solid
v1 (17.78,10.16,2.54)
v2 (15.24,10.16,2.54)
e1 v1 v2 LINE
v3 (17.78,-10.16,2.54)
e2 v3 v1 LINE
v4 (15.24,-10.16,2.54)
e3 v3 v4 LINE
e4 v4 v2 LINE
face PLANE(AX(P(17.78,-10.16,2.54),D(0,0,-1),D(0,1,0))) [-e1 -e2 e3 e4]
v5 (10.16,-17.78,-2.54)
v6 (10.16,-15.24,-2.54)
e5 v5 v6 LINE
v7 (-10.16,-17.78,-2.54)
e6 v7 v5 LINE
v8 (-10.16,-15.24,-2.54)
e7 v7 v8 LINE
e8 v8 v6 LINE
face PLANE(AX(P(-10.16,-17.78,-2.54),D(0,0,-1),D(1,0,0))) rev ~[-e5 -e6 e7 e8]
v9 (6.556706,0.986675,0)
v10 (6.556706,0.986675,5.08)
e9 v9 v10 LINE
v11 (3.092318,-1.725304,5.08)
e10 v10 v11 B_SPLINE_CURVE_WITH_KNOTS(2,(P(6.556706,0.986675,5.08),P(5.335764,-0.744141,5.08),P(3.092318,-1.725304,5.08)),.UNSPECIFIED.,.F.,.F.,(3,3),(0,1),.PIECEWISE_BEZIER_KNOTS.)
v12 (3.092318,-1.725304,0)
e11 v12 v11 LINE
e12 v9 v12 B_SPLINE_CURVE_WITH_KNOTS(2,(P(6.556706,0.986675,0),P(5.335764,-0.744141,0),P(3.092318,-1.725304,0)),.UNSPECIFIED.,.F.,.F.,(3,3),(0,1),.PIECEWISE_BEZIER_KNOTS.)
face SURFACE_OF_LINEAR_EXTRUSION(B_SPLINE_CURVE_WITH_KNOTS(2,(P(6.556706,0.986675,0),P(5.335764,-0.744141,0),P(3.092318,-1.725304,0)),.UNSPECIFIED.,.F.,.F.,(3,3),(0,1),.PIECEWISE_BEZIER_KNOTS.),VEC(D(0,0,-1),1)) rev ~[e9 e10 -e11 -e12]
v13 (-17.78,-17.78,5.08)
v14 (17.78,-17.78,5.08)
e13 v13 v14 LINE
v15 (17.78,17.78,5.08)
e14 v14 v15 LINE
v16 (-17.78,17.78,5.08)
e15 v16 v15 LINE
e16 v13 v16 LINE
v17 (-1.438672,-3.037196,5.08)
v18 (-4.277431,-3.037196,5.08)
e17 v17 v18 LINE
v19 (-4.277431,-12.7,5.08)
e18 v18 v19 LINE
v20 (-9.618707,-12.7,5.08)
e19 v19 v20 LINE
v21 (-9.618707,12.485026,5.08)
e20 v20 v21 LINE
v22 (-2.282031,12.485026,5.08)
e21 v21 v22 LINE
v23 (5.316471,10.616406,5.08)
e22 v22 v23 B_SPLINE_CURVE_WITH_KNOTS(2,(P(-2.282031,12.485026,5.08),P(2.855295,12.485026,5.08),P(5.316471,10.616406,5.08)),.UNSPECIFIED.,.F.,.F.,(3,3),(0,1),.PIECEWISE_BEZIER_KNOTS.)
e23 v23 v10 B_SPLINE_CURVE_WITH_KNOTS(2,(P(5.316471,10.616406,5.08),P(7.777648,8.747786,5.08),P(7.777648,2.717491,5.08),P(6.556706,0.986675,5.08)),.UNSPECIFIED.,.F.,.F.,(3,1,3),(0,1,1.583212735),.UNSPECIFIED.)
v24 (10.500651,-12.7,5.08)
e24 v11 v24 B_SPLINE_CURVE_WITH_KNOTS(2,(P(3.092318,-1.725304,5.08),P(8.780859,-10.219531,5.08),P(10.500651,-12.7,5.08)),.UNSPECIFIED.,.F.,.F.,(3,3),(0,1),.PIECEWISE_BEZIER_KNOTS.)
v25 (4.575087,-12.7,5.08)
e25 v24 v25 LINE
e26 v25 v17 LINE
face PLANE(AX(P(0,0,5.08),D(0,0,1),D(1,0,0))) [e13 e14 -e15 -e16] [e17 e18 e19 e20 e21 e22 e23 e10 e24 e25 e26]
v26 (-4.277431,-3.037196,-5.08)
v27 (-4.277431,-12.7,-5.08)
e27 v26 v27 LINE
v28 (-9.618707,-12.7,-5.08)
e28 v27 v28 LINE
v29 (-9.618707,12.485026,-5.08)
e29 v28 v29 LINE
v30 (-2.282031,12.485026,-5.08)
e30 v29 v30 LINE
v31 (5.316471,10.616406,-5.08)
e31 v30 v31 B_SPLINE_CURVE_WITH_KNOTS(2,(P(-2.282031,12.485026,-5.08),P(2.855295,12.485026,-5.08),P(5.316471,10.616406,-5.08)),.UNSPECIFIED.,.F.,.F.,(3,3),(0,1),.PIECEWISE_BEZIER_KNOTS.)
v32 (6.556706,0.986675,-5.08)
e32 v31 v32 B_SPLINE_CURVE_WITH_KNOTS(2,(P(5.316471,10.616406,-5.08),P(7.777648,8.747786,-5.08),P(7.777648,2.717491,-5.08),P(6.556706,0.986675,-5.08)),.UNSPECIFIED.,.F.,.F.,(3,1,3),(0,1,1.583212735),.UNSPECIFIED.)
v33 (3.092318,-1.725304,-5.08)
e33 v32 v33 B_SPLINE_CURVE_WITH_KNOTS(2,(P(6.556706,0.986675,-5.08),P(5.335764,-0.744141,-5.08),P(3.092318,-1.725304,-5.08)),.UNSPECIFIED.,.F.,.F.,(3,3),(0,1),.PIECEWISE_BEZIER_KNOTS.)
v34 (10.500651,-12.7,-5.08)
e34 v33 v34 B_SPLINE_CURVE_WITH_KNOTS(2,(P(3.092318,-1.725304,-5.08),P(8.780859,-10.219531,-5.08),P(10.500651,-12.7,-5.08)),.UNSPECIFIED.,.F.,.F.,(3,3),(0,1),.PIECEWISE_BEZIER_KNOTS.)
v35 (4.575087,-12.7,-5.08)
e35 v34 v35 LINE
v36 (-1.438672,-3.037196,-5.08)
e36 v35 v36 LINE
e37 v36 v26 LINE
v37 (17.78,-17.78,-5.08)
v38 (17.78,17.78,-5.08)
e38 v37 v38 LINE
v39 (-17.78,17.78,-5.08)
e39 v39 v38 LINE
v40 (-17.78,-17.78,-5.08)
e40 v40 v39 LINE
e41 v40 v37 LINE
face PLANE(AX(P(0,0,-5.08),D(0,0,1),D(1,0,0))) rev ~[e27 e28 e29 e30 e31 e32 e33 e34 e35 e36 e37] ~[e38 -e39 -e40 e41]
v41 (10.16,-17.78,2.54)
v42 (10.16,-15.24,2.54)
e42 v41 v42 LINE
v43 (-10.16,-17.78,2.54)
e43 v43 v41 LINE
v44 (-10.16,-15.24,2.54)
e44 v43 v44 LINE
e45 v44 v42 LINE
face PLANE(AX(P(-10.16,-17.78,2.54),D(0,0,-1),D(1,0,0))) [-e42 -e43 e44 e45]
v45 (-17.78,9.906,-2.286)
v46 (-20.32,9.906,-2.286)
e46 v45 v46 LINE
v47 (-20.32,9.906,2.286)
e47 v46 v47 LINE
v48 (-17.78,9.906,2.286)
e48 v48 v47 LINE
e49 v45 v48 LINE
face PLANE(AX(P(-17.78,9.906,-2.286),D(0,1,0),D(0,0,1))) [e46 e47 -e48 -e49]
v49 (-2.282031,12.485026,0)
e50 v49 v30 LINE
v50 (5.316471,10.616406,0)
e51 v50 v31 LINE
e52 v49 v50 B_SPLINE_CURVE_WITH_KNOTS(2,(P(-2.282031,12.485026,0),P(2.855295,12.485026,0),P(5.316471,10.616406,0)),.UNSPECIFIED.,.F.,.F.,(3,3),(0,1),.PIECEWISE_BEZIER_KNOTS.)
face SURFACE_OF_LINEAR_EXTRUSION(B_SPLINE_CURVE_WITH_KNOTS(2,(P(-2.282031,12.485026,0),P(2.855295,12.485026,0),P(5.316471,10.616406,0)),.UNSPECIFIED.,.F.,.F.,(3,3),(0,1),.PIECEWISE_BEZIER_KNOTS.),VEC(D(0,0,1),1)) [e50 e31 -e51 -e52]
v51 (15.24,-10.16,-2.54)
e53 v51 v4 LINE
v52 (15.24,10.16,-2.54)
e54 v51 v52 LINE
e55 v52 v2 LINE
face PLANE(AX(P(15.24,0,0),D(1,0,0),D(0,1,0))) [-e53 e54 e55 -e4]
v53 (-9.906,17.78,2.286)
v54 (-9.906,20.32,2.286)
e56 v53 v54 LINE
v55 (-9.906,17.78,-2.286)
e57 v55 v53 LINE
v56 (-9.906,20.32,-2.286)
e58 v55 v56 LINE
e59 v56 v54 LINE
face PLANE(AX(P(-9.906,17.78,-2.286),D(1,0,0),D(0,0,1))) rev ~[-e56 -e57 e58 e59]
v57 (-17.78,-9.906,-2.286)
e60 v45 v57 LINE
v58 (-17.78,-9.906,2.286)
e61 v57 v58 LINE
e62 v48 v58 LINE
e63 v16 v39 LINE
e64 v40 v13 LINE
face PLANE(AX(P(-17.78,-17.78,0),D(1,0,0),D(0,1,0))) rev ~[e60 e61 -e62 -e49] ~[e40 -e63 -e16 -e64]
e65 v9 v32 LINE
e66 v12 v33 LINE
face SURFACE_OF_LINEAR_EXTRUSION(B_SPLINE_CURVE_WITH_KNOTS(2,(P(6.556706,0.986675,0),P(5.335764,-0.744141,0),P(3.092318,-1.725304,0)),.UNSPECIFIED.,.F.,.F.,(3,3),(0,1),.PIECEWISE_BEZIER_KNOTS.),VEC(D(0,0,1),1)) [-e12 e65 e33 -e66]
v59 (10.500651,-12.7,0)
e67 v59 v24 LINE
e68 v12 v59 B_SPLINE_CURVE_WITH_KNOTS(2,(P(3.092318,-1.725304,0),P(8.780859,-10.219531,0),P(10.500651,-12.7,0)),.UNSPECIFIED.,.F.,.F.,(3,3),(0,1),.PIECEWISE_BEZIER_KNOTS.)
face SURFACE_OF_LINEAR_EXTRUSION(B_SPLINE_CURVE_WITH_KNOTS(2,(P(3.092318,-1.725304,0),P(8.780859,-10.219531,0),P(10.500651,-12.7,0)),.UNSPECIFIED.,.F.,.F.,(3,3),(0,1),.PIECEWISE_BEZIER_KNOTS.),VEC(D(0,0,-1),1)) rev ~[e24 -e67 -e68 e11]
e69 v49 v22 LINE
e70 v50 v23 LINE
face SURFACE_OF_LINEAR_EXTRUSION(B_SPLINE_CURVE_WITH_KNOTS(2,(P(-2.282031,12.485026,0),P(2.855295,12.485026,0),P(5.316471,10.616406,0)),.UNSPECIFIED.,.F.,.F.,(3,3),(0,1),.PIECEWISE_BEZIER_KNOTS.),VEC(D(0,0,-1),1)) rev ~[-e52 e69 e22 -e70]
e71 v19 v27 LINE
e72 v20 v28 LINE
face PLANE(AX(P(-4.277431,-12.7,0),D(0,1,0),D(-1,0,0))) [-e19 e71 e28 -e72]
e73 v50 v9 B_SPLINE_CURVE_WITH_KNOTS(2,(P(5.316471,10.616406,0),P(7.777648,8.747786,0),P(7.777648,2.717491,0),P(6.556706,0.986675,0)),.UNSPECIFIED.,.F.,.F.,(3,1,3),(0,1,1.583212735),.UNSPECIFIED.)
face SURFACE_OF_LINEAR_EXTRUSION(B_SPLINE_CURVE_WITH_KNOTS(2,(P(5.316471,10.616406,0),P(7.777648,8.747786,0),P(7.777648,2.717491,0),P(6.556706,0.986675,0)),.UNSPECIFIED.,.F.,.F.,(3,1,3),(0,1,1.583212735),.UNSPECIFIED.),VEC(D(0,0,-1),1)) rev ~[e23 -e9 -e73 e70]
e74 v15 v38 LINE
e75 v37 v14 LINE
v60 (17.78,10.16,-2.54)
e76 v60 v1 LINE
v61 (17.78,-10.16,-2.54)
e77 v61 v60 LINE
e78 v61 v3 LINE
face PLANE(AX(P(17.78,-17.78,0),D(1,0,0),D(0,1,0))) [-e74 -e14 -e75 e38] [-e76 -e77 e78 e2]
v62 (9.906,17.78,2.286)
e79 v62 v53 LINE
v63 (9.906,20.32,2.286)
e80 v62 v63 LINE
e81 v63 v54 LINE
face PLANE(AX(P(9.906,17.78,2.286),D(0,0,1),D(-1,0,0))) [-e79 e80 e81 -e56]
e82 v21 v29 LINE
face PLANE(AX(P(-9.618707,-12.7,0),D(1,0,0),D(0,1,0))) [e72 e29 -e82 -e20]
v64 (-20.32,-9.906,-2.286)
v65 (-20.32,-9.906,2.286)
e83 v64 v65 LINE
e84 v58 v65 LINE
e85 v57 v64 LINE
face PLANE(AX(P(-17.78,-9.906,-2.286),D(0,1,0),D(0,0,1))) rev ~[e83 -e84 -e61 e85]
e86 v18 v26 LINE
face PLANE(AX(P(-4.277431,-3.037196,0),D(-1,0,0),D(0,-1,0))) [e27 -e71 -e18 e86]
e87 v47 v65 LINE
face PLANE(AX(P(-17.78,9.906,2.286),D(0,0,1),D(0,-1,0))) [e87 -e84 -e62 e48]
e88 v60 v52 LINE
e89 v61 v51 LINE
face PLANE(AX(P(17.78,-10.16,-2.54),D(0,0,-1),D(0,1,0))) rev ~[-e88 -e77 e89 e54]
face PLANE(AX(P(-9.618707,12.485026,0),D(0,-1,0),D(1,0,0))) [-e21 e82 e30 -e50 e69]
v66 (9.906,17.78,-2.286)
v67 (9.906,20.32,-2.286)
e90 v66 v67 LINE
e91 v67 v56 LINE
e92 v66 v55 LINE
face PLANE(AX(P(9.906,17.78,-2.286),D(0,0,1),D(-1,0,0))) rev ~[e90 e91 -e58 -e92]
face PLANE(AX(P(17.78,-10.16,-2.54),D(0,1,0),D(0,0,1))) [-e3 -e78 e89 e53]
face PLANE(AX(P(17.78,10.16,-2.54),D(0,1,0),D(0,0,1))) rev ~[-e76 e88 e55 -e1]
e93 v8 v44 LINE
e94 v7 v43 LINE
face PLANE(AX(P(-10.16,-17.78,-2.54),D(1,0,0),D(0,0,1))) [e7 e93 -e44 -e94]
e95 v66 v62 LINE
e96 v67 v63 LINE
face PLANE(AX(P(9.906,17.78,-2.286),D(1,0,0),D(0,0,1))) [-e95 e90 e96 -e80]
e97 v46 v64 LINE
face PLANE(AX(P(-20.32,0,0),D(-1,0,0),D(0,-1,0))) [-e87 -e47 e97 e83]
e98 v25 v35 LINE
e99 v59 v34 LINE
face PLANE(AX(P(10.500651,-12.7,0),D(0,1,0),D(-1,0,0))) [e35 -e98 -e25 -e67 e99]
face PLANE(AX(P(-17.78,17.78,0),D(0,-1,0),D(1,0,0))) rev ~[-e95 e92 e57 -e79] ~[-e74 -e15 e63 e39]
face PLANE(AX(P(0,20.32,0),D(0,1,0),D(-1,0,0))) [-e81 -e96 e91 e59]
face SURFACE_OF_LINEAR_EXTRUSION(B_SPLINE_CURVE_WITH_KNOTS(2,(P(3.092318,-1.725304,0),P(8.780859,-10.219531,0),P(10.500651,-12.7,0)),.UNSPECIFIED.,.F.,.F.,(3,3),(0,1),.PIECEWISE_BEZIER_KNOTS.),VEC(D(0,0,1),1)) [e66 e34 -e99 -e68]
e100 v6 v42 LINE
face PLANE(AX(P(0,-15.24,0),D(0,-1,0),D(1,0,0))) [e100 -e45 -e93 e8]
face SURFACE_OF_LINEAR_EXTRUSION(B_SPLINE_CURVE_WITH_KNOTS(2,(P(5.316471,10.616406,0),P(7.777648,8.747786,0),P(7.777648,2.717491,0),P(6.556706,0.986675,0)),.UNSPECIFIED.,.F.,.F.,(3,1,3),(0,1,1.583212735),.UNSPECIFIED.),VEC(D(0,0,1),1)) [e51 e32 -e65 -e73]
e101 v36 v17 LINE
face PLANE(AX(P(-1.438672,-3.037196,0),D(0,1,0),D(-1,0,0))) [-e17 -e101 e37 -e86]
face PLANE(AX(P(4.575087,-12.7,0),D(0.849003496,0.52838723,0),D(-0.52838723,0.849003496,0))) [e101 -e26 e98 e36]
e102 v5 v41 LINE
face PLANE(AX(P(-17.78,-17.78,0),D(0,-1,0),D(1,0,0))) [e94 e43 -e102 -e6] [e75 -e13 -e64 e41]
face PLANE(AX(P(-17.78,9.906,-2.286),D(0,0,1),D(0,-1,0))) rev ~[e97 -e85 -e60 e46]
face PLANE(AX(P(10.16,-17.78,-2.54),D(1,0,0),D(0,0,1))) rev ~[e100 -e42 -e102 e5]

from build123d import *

# Parameters (mm, degrees)
F0_W     = 35.56
F0_H     = 35.56
F1_DEPTH = 5.08
F2_W     = 19.812
F2_H     = 4.572
F3_DEPTH = 2.54
F4_W     = 19.812
F4_H     = 4.572
F5_DEPTH = 2.54
F6_W     = 20.32
F6_H     = 5.08
F7_DEPTH = 2.54
F8_W     = 20.32
F8_H     = 5.08
F9_DEPTH = 2.54


with BuildPart() as f1:
    # F0 (on Top) → F1 (new body, symmetric)
    with BuildSketch(Plane.XY):
        Rectangle(F0_W, F0_H)
        with BuildLine():
            Line((-1.438671875, -3.0371961806), (-4.2774305556, -3.0371961806))
            Line((-4.2774305556, -3.0371961806), (-4.2774305556, -12.7))
            Line((-4.2774305556, -12.7), (-9.6187065972, -12.7))
            Line((-9.6187065972, -12.7), (-9.6187065972, 12.4850260417))
            Line((-9.6187065972, 12.4850260417), (-2.28203125, 12.4850260417))
            add(Edge.make_bspline(
                [(-2.28203125, 12.4850260417), (2.8552951389, 12.4850260417), (5.3164713542, 10.61640625)],
                knots=[0, 0, 0, 1, 1, 1], degree=2))
            add(Edge.make_bspline(
                [(5.3164713542, 10.61640625), (7.7776475694, 8.7477864583), (7.7776475694, 4.9388888889)],
                knots=[0, 0, 0, 1, 1, 1], degree=2))
            add(Edge.make_bspline(
                [(7.7776475694, 4.9388888889), (7.7776475694, 2.7174913194), (6.5567057292, 0.9866753472)],
                knots=[0, 0, 0, 1, 1, 1], degree=2))
            add(Edge.make_bspline(
                [(6.5567057292, 0.9866753472), (5.3357638889, -0.744140625), (3.0923177083, -1.7253038194)],
                knots=[0, 0, 0, 1, 1, 1], degree=2))
            add(Edge.make_bspline(
                [(3.0923177083, -1.7253038194), (8.780859375, -10.21953125), (10.5006510417, -12.7)],
                knots=[0, 0, 0, 1, 1, 1], degree=2))
            Line((10.5006510417, -12.7), (4.5750868056, -12.7))
            Line((4.5750868056, -12.7), (-1.438671875, -3.0371961806))
        make_face(mode=Mode.SUBTRACT)
    extrude(amount=F1_DEPTH, both=True)

    # F2 (on face) → F3 (join)
    with BuildSketch(Plane(origin=(0, 17.78, 0), x_dir=(-1, 0, 0), z_dir=(0, 1, 0))):
        Rectangle(F2_W, F2_H)
    extrude(amount=F3_DEPTH)

    # F4 (on face) → F5 (join)
    with BuildSketch(Plane(origin=(-17.78, 0, 0), x_dir=(0, -1, 0), z_dir=(-1, 0, 0))):
        Rectangle(F4_W, F4_H)
    extrude(amount=F5_DEPTH)

    # F6 (on face) → F7 (cut)
    with BuildSketch(Plane.XZ.offset(17.78)):
        Rectangle(F6_W, F6_H)
    extrude(amount=-F7_DEPTH, mode=Mode.SUBTRACT)

    # F8 (on face) → F9 (cut)
    with BuildSketch(Plane.YZ.offset(17.78)):
        Rectangle(F8_W, F8_H)
    extrude(amount=-F9_DEPTH, mode=Mode.SUBTRACT)


solid = f1.part
